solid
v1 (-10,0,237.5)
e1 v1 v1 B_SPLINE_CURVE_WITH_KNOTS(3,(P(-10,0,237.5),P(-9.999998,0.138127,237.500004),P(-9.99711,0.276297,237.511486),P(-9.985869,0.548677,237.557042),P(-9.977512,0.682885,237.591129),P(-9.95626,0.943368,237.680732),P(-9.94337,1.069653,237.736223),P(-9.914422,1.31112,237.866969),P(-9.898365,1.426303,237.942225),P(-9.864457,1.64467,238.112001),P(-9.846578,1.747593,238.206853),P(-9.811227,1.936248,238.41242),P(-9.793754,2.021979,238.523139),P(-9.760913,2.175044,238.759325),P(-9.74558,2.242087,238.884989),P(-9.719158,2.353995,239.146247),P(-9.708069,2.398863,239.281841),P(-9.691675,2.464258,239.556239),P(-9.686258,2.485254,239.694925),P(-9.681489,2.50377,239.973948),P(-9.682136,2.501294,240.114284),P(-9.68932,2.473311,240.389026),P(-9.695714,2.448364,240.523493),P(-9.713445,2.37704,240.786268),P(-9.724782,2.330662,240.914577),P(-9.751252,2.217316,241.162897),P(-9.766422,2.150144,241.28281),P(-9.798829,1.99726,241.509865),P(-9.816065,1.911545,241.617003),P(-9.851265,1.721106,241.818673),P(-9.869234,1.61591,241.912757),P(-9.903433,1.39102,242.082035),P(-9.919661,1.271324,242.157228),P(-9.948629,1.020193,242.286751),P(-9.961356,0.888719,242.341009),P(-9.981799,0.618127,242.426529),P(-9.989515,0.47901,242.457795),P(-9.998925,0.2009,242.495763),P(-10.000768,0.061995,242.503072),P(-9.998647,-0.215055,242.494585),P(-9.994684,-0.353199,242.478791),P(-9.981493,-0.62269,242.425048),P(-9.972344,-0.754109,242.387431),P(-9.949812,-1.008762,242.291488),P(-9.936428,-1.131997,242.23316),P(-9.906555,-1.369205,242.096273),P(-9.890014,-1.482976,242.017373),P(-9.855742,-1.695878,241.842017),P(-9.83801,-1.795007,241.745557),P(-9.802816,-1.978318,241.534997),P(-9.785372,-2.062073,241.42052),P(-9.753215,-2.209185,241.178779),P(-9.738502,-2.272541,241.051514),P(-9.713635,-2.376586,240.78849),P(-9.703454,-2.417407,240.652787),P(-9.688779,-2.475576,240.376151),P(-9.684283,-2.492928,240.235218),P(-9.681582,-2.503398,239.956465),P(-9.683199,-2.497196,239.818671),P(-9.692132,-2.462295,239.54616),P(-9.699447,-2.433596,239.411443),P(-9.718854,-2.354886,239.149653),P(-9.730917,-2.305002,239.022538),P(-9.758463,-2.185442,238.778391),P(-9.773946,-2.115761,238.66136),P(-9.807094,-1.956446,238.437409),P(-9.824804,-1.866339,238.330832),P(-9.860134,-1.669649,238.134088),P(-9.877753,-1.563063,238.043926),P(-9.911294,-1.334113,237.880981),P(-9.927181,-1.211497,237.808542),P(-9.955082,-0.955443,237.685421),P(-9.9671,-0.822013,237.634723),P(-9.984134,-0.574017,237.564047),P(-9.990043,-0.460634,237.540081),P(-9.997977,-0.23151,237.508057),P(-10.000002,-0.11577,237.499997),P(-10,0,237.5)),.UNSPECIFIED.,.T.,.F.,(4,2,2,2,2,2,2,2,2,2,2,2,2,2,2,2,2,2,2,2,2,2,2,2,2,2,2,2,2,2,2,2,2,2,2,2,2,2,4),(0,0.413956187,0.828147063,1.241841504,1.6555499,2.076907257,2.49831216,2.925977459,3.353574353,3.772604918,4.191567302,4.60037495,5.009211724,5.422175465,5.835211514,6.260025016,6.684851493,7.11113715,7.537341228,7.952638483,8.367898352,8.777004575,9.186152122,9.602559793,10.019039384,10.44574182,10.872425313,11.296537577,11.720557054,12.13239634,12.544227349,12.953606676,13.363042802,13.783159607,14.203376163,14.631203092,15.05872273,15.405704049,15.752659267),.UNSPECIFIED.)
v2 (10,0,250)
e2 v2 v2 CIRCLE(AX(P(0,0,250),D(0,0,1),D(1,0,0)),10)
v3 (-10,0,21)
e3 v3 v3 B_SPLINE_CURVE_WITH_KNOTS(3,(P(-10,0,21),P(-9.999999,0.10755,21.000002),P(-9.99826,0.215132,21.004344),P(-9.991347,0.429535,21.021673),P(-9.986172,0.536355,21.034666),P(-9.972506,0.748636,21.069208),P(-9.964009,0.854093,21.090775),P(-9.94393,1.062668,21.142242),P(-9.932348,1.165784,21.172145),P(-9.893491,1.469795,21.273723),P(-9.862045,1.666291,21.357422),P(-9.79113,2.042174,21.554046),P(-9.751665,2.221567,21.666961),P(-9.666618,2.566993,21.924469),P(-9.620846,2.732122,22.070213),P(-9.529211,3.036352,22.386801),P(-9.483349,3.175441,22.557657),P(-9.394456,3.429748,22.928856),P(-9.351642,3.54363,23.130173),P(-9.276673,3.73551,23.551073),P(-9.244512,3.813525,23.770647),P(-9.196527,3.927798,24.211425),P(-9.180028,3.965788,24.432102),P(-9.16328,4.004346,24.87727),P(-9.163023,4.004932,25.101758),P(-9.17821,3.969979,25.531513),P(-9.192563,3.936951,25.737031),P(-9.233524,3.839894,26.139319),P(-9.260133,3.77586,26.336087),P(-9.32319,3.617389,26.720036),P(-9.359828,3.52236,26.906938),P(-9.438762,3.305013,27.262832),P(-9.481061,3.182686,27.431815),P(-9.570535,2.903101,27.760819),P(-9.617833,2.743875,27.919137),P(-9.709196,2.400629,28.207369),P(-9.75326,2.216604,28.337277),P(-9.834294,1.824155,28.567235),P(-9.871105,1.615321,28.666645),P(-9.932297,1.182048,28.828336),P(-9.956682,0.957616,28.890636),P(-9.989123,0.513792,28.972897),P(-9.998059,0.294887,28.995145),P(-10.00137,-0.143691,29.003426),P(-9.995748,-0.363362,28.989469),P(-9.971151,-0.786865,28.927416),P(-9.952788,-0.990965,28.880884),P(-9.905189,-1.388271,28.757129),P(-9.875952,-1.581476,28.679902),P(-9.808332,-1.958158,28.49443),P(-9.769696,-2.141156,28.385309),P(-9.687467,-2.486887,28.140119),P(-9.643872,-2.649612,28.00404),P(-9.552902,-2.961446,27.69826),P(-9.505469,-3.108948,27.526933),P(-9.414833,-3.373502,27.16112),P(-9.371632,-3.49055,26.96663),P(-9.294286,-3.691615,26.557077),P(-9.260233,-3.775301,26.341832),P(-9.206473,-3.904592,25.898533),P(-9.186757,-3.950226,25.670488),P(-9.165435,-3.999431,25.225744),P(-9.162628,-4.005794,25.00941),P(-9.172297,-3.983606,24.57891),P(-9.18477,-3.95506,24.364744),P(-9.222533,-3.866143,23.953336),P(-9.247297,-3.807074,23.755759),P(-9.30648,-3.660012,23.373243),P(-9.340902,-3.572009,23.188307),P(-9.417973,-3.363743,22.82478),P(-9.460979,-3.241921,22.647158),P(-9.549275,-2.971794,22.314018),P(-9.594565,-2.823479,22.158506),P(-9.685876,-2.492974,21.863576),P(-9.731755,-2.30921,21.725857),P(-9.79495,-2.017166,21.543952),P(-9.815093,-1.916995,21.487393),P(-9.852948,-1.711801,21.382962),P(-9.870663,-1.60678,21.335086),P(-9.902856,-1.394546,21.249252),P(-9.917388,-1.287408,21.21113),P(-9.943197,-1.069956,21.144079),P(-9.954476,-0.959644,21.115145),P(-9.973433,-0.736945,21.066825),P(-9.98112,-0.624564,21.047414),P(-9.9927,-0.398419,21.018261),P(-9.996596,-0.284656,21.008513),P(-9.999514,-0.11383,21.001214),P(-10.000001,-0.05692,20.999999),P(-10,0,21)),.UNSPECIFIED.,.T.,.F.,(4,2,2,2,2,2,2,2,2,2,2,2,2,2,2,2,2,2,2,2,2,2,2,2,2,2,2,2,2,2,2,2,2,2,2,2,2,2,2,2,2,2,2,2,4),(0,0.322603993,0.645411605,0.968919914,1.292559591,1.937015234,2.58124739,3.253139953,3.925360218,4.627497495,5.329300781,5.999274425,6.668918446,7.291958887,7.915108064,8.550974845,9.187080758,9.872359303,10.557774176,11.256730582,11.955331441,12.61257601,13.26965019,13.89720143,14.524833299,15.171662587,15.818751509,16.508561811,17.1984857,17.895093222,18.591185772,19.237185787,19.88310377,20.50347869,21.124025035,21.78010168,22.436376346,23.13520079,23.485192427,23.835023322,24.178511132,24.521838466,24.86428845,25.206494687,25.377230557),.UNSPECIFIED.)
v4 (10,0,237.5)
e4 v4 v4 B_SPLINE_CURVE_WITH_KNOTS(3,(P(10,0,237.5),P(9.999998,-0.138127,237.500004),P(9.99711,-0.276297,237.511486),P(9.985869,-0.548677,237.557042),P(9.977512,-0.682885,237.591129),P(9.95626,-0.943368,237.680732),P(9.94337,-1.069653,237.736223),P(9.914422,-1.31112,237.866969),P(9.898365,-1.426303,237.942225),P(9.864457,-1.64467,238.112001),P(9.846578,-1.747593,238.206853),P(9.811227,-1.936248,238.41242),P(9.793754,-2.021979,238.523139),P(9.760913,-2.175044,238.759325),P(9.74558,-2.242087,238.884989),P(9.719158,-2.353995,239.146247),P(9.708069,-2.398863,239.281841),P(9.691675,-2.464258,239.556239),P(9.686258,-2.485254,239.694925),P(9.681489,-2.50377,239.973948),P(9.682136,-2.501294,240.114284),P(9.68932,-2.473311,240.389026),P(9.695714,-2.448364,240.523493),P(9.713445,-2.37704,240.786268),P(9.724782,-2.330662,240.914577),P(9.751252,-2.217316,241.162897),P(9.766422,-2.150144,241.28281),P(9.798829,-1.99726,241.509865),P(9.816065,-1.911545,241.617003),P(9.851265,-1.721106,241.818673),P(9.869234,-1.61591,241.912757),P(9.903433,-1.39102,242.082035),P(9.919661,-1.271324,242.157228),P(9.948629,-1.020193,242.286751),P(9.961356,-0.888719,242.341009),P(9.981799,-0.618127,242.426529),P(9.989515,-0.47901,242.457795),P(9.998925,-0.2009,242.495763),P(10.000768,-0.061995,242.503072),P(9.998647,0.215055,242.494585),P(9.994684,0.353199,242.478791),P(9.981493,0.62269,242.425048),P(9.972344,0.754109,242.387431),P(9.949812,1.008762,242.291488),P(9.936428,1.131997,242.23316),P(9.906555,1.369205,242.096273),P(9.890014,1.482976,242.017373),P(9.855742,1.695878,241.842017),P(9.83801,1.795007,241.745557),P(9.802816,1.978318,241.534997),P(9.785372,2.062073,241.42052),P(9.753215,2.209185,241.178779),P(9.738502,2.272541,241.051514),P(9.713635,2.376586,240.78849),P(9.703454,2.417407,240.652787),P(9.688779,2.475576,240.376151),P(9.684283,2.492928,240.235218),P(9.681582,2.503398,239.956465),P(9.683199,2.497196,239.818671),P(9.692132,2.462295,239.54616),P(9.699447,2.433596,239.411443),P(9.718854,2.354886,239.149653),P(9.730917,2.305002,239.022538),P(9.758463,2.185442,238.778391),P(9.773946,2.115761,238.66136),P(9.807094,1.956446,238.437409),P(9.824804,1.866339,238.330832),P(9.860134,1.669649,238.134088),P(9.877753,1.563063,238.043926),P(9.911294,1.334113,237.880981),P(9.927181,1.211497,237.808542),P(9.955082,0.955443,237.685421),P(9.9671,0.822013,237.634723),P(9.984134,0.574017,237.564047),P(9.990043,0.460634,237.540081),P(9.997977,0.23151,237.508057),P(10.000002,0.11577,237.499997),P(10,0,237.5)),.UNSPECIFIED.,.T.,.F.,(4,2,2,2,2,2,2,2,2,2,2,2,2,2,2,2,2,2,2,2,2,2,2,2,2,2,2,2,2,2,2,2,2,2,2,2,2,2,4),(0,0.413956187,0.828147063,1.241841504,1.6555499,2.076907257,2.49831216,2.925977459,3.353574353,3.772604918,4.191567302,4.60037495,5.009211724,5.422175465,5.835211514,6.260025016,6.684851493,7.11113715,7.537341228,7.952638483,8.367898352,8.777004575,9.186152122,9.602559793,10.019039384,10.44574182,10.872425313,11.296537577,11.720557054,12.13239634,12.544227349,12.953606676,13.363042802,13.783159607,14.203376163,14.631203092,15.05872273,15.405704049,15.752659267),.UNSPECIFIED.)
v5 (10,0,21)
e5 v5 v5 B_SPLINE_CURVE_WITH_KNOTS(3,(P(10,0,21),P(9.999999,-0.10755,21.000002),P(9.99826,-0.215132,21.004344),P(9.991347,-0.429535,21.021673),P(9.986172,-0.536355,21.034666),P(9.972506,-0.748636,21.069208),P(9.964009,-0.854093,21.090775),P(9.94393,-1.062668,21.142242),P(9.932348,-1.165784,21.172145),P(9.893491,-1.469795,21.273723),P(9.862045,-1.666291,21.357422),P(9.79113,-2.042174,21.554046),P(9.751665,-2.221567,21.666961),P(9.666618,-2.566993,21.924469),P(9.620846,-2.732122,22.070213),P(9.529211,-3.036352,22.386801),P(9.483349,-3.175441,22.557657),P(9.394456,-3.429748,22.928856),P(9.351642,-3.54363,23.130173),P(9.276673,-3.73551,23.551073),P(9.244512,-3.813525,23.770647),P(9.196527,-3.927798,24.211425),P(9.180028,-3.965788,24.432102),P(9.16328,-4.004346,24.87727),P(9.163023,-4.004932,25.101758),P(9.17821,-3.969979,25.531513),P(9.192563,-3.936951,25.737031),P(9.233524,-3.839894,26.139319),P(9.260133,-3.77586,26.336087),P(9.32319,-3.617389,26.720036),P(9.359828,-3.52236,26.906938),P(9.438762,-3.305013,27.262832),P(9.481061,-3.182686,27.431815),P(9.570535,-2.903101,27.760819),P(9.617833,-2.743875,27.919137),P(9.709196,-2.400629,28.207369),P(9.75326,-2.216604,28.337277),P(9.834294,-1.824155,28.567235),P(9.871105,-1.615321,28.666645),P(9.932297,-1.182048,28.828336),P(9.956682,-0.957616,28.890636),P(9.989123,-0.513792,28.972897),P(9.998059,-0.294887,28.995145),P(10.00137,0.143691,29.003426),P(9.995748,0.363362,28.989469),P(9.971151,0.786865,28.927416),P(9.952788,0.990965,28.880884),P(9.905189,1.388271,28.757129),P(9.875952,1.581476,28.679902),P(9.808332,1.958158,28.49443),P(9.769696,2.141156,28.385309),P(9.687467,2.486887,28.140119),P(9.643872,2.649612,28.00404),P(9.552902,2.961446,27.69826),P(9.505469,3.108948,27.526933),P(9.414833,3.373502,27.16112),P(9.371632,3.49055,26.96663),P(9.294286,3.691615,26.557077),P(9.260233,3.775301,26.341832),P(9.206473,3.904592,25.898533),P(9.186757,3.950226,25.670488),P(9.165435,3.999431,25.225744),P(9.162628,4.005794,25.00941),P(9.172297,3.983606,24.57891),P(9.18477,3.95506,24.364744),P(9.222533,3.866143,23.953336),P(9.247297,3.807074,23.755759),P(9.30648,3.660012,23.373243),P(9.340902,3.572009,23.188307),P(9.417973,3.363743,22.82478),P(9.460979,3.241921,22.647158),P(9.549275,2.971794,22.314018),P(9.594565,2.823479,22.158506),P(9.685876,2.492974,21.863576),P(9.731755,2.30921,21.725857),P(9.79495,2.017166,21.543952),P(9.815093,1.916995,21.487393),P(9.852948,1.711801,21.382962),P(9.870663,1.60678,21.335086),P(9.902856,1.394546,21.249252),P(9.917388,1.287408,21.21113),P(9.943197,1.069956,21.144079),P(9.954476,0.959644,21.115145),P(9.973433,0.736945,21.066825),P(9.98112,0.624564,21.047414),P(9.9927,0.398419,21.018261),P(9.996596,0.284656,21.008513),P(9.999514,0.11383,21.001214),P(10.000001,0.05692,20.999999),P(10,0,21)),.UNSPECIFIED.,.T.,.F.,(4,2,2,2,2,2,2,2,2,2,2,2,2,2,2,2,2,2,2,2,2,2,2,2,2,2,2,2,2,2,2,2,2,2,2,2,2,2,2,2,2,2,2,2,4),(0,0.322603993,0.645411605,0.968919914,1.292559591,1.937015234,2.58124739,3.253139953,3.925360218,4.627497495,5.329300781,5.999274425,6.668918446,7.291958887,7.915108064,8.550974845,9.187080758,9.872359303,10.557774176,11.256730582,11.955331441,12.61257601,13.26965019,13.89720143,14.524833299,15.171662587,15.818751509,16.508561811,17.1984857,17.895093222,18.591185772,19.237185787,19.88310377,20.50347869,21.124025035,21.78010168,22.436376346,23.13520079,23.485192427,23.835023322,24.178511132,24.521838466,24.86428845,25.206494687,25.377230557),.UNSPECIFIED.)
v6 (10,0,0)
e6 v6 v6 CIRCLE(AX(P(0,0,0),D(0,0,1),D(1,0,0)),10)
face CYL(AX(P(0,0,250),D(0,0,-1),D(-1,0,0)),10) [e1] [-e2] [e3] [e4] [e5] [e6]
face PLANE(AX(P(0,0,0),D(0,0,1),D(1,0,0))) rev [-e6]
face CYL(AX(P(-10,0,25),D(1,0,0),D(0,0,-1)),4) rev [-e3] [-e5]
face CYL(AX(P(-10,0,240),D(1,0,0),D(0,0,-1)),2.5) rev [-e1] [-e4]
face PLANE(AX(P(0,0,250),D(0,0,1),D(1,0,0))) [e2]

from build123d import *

# Parameters (mm, degrees)
SKETCH1_R               = 10
BOSS_EXTRUDE1_DEPTH     = 250
CUT_EXTRUDE1_DEPTH      = 251.399680511
CUT_EXTRUDE1_DEPTH_BACK = 251.399680511
SKETCH2_R               = 2.5
SKETCH2_R_2             = 4


with BuildPart() as part:
    # Sketch1 → Boss-Extrude1 (new body)
    with BuildSketch(Plane.XY):
        Circle(SKETCH1_R)
    extrude(amount=BOSS_EXTRUDE1_DEPTH)

    # Sketch2 → Cut-Extrude1 (cut, two sides: drawn at the far end of the back side and taken through both)
    with BuildSketch(Plane(origin=(0, 0, 0), x_dir=(0, 0, -1), z_dir=(1, 0, 0)).offset(-CUT_EXTRUDE1_DEPTH_BACK)):
        with Locations((-240, 0)):
            Circle(SKETCH2_R)
        with Locations((-25, 0)):
            Circle(SKETCH2_R_2)
    extrude(amount=CUT_EXTRUDE1_DEPTH + CUT_EXTRUDE1_DEPTH_BACK, mode=Mode.SUBTRACT)


solid = part.part
